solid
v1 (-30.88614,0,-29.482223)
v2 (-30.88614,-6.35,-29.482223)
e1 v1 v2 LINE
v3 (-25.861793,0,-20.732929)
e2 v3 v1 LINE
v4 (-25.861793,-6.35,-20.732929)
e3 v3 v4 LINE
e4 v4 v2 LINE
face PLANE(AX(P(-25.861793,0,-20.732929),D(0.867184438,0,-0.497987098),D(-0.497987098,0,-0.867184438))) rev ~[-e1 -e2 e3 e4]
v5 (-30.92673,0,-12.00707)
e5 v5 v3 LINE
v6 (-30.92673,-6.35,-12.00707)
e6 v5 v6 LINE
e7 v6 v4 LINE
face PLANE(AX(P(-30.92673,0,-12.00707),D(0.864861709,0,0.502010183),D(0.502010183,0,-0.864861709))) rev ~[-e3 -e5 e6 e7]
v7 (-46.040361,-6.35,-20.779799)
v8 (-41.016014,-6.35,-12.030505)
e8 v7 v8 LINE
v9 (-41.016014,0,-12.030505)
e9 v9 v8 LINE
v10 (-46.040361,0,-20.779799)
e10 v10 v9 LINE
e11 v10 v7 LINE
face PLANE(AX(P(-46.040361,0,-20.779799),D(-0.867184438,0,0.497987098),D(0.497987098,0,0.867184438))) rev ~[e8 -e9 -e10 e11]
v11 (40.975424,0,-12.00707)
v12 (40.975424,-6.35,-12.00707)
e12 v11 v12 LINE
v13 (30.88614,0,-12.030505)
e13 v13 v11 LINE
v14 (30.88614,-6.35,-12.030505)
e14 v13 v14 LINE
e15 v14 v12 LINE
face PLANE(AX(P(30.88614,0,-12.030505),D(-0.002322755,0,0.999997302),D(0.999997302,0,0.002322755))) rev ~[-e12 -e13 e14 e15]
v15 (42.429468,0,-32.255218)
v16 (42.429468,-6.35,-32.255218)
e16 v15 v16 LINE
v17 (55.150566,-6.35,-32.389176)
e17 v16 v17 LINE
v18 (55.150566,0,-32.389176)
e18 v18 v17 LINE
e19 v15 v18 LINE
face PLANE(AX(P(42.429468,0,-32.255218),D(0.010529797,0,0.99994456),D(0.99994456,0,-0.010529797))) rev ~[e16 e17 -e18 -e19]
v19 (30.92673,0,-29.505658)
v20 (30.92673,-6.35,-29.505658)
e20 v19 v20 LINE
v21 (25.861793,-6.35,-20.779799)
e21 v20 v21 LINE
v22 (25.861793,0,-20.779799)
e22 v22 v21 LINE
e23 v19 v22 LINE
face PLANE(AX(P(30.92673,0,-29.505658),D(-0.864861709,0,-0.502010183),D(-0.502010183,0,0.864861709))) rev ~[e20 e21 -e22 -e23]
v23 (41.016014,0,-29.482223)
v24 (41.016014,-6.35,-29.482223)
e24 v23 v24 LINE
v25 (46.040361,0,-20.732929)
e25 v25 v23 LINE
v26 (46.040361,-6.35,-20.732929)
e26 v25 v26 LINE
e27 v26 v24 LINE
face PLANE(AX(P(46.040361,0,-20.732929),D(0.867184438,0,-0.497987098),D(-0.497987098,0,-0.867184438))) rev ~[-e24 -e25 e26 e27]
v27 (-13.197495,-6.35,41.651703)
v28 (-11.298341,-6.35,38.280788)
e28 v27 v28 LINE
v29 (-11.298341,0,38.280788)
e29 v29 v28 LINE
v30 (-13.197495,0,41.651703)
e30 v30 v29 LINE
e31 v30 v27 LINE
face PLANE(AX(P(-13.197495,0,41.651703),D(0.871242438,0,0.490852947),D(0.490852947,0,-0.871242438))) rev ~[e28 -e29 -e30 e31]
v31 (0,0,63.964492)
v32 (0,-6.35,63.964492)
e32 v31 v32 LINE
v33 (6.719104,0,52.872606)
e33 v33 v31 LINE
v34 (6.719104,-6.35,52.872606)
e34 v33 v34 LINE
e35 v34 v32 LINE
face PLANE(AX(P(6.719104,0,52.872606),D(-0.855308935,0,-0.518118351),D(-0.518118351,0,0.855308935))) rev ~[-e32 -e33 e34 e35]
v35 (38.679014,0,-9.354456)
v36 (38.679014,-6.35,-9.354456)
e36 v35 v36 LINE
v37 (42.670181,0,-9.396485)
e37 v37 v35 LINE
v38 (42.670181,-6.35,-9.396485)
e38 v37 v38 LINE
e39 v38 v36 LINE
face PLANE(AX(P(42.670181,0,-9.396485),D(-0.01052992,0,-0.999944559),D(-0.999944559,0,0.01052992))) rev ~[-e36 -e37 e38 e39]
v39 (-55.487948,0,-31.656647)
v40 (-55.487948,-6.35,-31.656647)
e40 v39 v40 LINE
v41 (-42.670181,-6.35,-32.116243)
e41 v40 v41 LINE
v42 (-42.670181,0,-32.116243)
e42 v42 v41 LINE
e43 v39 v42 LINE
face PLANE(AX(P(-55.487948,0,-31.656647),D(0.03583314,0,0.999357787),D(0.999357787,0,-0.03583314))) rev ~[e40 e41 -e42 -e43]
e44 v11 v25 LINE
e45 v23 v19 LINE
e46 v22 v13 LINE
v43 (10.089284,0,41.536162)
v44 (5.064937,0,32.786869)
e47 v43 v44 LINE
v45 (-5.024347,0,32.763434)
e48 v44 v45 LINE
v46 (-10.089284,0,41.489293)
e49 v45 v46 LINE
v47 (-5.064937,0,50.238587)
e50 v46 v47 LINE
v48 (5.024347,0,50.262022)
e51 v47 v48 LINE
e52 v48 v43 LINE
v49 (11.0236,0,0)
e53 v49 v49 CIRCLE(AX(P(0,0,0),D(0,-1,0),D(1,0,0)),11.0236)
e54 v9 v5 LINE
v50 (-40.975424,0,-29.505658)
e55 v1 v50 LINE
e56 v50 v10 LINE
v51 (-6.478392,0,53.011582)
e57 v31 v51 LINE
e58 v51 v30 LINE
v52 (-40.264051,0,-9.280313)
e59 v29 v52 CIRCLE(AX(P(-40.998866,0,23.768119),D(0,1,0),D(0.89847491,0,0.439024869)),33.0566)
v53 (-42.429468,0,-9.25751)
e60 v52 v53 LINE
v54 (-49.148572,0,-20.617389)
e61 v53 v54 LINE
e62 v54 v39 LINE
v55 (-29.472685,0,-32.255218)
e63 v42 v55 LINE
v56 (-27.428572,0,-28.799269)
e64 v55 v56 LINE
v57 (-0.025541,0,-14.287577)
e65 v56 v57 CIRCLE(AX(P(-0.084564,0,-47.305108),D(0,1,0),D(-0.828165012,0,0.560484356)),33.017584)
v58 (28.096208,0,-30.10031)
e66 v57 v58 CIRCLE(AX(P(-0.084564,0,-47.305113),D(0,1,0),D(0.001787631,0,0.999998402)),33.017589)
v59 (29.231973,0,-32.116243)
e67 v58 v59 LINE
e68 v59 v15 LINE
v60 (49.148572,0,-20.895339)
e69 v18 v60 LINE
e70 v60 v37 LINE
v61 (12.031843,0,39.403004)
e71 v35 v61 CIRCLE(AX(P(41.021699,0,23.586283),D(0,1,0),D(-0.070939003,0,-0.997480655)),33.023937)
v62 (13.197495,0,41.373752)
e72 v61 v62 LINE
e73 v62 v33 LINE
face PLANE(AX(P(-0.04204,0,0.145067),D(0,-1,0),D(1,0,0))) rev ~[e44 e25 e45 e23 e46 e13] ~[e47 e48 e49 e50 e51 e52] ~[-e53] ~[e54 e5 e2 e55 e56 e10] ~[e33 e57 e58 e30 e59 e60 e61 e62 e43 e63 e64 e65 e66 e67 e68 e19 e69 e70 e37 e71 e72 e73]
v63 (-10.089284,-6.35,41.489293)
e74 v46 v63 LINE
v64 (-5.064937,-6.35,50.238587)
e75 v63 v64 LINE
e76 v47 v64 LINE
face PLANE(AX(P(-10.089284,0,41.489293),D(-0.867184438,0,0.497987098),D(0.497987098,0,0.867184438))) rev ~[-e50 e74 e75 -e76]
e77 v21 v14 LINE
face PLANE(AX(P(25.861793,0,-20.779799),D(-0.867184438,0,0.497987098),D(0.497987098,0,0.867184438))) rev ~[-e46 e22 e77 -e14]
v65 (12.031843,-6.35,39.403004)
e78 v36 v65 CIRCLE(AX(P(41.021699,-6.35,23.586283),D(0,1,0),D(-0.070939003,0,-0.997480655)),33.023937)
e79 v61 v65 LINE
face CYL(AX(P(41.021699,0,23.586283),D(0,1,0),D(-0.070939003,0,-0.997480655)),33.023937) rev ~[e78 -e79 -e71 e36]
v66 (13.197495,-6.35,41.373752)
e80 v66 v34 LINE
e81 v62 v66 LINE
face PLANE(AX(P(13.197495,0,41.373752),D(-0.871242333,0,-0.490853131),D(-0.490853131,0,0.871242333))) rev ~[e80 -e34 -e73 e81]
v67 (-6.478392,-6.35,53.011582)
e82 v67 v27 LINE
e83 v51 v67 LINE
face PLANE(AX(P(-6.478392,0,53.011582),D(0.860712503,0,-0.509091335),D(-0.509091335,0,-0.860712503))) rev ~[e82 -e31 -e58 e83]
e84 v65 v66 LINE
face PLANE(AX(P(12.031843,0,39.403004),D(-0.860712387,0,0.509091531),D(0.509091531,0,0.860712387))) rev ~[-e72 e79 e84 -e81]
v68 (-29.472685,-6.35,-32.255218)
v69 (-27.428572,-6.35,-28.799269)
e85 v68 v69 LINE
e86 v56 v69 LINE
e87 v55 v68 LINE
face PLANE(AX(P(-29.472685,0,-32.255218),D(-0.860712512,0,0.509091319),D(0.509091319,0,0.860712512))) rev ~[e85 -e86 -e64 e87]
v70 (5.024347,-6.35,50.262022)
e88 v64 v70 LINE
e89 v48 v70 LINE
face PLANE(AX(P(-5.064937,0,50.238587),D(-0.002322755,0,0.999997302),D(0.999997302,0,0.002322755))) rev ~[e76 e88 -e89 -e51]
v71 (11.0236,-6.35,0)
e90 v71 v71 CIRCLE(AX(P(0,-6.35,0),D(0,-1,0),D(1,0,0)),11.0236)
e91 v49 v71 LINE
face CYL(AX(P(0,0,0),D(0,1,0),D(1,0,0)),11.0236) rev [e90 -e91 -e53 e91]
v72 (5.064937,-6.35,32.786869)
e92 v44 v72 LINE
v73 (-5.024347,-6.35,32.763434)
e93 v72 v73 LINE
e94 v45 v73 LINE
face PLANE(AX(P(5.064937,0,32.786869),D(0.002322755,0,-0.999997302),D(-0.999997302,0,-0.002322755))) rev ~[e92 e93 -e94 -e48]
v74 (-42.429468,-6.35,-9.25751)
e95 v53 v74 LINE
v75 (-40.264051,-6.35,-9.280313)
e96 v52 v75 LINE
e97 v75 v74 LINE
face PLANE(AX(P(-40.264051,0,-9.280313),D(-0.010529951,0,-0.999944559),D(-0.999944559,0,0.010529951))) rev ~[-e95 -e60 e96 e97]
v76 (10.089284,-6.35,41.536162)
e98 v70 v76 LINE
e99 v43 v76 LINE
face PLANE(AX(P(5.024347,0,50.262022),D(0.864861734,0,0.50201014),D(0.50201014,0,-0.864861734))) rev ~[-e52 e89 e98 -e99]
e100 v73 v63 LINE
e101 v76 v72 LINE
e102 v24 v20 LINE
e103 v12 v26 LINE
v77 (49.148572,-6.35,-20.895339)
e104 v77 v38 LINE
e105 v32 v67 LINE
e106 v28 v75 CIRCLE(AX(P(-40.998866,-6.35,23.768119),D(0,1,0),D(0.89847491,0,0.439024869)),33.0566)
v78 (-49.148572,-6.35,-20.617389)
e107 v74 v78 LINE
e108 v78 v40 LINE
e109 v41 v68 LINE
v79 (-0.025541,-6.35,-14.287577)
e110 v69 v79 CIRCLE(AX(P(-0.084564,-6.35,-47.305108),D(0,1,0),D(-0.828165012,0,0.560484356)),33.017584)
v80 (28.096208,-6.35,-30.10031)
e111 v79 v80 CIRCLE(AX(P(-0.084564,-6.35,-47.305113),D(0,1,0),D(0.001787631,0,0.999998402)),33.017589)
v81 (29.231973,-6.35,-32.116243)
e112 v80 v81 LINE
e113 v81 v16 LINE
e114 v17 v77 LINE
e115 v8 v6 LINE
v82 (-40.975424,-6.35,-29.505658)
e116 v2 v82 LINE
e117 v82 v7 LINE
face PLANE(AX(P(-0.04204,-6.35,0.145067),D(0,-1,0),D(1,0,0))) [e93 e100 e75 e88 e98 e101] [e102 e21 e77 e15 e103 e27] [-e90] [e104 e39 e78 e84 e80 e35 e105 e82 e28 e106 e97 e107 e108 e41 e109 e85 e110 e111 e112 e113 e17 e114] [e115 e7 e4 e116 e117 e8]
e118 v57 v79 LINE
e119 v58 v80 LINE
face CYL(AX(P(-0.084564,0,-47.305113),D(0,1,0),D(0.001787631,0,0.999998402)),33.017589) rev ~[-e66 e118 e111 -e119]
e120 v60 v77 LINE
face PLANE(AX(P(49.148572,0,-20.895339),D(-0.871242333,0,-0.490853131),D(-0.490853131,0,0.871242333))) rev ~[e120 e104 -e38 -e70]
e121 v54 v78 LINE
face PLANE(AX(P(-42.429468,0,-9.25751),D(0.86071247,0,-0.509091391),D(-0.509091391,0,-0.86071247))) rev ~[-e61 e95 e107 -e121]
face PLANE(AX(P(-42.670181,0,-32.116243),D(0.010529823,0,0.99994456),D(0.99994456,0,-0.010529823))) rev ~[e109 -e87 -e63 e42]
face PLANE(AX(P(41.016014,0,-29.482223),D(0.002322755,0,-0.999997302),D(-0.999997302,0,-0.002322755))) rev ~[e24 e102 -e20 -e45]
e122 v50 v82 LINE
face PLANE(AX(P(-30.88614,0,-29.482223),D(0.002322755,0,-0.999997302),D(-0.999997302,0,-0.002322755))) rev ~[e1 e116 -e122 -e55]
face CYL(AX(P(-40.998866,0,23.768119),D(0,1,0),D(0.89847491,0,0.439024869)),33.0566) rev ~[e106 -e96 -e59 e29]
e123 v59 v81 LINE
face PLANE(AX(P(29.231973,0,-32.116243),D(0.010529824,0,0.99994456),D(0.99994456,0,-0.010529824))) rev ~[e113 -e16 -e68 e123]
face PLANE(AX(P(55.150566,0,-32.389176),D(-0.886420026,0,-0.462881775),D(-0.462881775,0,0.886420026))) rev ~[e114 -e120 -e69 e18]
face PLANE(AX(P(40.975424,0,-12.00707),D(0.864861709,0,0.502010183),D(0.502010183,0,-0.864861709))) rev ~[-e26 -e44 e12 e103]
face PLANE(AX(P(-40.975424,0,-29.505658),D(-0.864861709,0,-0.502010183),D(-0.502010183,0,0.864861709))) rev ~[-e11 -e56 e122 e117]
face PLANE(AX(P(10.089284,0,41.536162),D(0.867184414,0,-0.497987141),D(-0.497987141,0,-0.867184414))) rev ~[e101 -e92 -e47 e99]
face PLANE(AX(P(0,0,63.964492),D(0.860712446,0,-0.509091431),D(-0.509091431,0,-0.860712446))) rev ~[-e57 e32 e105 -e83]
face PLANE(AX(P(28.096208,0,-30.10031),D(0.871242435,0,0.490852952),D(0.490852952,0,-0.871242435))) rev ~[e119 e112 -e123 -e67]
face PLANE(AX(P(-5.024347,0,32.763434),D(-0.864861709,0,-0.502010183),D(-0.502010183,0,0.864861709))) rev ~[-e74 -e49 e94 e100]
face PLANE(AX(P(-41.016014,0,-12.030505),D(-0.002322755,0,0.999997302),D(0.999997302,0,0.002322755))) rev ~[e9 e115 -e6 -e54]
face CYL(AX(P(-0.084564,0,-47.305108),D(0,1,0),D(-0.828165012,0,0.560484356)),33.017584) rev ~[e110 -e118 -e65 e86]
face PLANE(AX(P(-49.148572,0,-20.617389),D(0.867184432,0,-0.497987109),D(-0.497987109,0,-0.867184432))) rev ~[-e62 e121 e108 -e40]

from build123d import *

# Parameters (mm, degrees)
F0_R     = 11.0236
F1_DEPTH = 6.35


with BuildPart() as f1:
    # F0 (on Front) → F1 (new body)
    with BuildSketch(Plane.XZ):
        with BuildLine():
            ThreePointArc((-27.428572, -28.799269), (-15.536583, -18.126418), (-0.025541, -14.287577))
            ThreePointArc((-0.025541, -14.287577), (16.098209, -18.525276), (28.096208, -30.10031))
            Line((28.096208, -30.10031), (22.753581, -20.617389))
            Line((22.753581, -20.617389), (29.472685, -9.25751))
            Line((29.472685, -9.25751), (38.679014, -9.354456))
            ThreePointArc((38.679014, -9.354456), (12.043181, 7.748798), (12.031843, 39.403004))
            Line((12.031843, 39.403004), (6.478392, 30.013874))
            Line((6.478392, 30.013874), (-6.719104, 30.152849))
            Line((-6.719104, 30.152849), (-11.298341, 38.280788))
            ThreePointArc((-11.298341, 38.280788), (-12.766047, 6.573739), (-40.264051, -9.280313))
            Line((-40.264051, -9.280313), (-29.231973, -9.396485))
            Line((-29.231973, -9.396485), (-22.753581, -20.895339))
            Line((-22.753581, -20.895339), (-27.428572, -28.799269))
        make_face()
        with BuildLine():
            ThreePointArc((-0.025541, -14.287477), (-10.093754, 10.111814), (14.2875, 0))
            ThreePointArc((14.2875, 0), (10.093754, -10.111814), (-0.025541, -14.287477))
        make_face(mode=Mode.SUBTRACT)
        with BuildLine():
            ThreePointArc((29.231973, -32.116243), (28.681755, -31.098324), (28.096208, -30.10031))
            Line((28.096208, -30.10031), (29.231973, -32.116243))
        make_face()
        with BuildLine():
            Line((22.753581, -20.617389), (28.096208, -30.10031))
            ThreePointArc((28.096208, -30.10031), (28.681755, -31.098324), (29.231973, -32.116243))
            Line((29.231973, -32.116243), (42.429468, -32.255218))
            Line((42.429468, -32.255218), (49.148572, -20.895339))
            Line((49.148572, -20.895339), (42.670181, -9.396485))
            ThreePointArc((42.670181, -9.396485), (40.673962, -9.435824), (38.679014, -9.354456))
            Line((38.679014, -9.354456), (29.472685, -9.25751))
            Line((29.472685, -9.25751), (22.753581, -20.617389))
        make_face()
        Polygon((30.92673, -29.505658), (25.861793, -20.779799), (30.88614, -12.030505), (40.975424, -12.00707), (46.040361, -20.732929), (41.016014, -29.482223), align=None, mode=Mode.SUBTRACT)
        with BuildLine():
            ThreePointArc((-29.472685, -32.255218), (-28.503211, -30.496142), (-27.428572, -28.799269))
            Line((-27.428572, -28.799269), (-22.753581, -20.895339))
            Line((-22.753581, -20.895339), (-29.231973, -9.396485))
            Line((-29.231973, -9.396485), (-40.264051, -9.280313))
            ThreePointArc((-40.264051, -9.280313), (-41.346946, -9.286648), (-42.429468, -9.25751))
            Line((-42.429468, -9.25751), (-49.148572, -20.617389))
            Line((-49.148572, -20.617389), (-42.670181, -32.116243))
            Line((-42.670181, -32.116243), (-29.472685, -32.255218))
        make_face()
        Polygon((-41.016014, -12.030505), (-30.92673, -12.00707), (-25.861793, -20.732929), (-30.88614, -29.482223), (-40.975424, -29.505658), (-46.040361, -20.779799), align=None, mode=Mode.SUBTRACT)
        with BuildLine():
            Line((-29.472685, -32.255218), (-27.428572, -28.799269))
            ThreePointArc((-27.428572, -28.799269), (-28.503211, -30.496142), (-29.472685, -32.255218))
        make_face()
        Polygon((49.148572, -20.895339), (42.429468, -32.255218), (55.150566, -32.389176), align=None)
        Polygon((-55.487948, -31.656647), (-42.670181, -32.116243), (-49.148572, -20.617389), align=None)
        with BuildLine():
            Line((42.670181, -9.396485), (38.679014, -9.354456))
            ThreePointArc((38.679014, -9.354456), (40.673962, -9.435824), (42.670181, -9.396485))
        make_face()
        with BuildLine():
            ThreePointArc((-42.429468, -9.25751), (-41.346946, -9.286648), (-40.264051, -9.280313))
            Line((-40.264051, -9.280313), (-42.429468, -9.25751))
        make_face()
        with BuildLine():
            ThreePointArc((13.197495, 41.373752), (12.597584, 40.398484), (12.031843, 39.403004))
            Line((12.031843, 39.403004), (13.197495, 41.373752))
        make_face()
        with BuildLine():
            Line((6.478392, 30.013874), (12.031843, 39.403004))
            ThreePointArc((12.031843, 39.403004), (12.597584, 40.398484), (13.197495, 41.373752))
            Line((13.197495, 41.373752), (6.719104, 52.872606))
            Line((6.719104, 52.872606), (-6.478392, 53.011582))
            Line((-6.478392, 53.011582), (-13.197495, 41.651703))
            ThreePointArc((-13.197495, 41.651703), (-12.198557, 39.994055), (-11.298341, 38.280788))
            Line((-11.298341, 38.280788), (-6.719104, 30.152849))
            Line((-6.719104, 30.152849), (6.478392, 30.013874))
        make_face()
        Polygon((-5.024347, 32.763434), (-10.089284, 41.489293), (-5.064937, 50.238587), (5.024347, 50.262022), (10.089284, 41.536162), (5.064937, 32.786869), align=None, mode=Mode.SUBTRACT)
        with BuildLine():
            Line((-13.197495, 41.651703), (-11.298341, 38.280788))
            ThreePointArc((-11.298341, 38.280788), (-12.198557, 39.994055), (-13.197495, 41.651703))
        make_face()
        Polygon((-6.478392, 53.011582), (6.719104, 52.872606), (0, 63.964492), align=None)
        with BuildLine():
            ThreePointArc((-0.025541, -14.287477), (10.093754, -10.111814), (14.2875, 0))
            ThreePointArc((14.2875, 0), (-10.093754, 10.111814), (-0.025541, -14.287477))
        make_face()
        Circle(F0_R, mode=Mode.SUBTRACT)
    extrude(amount=F1_DEPTH)


solid = f1.part
